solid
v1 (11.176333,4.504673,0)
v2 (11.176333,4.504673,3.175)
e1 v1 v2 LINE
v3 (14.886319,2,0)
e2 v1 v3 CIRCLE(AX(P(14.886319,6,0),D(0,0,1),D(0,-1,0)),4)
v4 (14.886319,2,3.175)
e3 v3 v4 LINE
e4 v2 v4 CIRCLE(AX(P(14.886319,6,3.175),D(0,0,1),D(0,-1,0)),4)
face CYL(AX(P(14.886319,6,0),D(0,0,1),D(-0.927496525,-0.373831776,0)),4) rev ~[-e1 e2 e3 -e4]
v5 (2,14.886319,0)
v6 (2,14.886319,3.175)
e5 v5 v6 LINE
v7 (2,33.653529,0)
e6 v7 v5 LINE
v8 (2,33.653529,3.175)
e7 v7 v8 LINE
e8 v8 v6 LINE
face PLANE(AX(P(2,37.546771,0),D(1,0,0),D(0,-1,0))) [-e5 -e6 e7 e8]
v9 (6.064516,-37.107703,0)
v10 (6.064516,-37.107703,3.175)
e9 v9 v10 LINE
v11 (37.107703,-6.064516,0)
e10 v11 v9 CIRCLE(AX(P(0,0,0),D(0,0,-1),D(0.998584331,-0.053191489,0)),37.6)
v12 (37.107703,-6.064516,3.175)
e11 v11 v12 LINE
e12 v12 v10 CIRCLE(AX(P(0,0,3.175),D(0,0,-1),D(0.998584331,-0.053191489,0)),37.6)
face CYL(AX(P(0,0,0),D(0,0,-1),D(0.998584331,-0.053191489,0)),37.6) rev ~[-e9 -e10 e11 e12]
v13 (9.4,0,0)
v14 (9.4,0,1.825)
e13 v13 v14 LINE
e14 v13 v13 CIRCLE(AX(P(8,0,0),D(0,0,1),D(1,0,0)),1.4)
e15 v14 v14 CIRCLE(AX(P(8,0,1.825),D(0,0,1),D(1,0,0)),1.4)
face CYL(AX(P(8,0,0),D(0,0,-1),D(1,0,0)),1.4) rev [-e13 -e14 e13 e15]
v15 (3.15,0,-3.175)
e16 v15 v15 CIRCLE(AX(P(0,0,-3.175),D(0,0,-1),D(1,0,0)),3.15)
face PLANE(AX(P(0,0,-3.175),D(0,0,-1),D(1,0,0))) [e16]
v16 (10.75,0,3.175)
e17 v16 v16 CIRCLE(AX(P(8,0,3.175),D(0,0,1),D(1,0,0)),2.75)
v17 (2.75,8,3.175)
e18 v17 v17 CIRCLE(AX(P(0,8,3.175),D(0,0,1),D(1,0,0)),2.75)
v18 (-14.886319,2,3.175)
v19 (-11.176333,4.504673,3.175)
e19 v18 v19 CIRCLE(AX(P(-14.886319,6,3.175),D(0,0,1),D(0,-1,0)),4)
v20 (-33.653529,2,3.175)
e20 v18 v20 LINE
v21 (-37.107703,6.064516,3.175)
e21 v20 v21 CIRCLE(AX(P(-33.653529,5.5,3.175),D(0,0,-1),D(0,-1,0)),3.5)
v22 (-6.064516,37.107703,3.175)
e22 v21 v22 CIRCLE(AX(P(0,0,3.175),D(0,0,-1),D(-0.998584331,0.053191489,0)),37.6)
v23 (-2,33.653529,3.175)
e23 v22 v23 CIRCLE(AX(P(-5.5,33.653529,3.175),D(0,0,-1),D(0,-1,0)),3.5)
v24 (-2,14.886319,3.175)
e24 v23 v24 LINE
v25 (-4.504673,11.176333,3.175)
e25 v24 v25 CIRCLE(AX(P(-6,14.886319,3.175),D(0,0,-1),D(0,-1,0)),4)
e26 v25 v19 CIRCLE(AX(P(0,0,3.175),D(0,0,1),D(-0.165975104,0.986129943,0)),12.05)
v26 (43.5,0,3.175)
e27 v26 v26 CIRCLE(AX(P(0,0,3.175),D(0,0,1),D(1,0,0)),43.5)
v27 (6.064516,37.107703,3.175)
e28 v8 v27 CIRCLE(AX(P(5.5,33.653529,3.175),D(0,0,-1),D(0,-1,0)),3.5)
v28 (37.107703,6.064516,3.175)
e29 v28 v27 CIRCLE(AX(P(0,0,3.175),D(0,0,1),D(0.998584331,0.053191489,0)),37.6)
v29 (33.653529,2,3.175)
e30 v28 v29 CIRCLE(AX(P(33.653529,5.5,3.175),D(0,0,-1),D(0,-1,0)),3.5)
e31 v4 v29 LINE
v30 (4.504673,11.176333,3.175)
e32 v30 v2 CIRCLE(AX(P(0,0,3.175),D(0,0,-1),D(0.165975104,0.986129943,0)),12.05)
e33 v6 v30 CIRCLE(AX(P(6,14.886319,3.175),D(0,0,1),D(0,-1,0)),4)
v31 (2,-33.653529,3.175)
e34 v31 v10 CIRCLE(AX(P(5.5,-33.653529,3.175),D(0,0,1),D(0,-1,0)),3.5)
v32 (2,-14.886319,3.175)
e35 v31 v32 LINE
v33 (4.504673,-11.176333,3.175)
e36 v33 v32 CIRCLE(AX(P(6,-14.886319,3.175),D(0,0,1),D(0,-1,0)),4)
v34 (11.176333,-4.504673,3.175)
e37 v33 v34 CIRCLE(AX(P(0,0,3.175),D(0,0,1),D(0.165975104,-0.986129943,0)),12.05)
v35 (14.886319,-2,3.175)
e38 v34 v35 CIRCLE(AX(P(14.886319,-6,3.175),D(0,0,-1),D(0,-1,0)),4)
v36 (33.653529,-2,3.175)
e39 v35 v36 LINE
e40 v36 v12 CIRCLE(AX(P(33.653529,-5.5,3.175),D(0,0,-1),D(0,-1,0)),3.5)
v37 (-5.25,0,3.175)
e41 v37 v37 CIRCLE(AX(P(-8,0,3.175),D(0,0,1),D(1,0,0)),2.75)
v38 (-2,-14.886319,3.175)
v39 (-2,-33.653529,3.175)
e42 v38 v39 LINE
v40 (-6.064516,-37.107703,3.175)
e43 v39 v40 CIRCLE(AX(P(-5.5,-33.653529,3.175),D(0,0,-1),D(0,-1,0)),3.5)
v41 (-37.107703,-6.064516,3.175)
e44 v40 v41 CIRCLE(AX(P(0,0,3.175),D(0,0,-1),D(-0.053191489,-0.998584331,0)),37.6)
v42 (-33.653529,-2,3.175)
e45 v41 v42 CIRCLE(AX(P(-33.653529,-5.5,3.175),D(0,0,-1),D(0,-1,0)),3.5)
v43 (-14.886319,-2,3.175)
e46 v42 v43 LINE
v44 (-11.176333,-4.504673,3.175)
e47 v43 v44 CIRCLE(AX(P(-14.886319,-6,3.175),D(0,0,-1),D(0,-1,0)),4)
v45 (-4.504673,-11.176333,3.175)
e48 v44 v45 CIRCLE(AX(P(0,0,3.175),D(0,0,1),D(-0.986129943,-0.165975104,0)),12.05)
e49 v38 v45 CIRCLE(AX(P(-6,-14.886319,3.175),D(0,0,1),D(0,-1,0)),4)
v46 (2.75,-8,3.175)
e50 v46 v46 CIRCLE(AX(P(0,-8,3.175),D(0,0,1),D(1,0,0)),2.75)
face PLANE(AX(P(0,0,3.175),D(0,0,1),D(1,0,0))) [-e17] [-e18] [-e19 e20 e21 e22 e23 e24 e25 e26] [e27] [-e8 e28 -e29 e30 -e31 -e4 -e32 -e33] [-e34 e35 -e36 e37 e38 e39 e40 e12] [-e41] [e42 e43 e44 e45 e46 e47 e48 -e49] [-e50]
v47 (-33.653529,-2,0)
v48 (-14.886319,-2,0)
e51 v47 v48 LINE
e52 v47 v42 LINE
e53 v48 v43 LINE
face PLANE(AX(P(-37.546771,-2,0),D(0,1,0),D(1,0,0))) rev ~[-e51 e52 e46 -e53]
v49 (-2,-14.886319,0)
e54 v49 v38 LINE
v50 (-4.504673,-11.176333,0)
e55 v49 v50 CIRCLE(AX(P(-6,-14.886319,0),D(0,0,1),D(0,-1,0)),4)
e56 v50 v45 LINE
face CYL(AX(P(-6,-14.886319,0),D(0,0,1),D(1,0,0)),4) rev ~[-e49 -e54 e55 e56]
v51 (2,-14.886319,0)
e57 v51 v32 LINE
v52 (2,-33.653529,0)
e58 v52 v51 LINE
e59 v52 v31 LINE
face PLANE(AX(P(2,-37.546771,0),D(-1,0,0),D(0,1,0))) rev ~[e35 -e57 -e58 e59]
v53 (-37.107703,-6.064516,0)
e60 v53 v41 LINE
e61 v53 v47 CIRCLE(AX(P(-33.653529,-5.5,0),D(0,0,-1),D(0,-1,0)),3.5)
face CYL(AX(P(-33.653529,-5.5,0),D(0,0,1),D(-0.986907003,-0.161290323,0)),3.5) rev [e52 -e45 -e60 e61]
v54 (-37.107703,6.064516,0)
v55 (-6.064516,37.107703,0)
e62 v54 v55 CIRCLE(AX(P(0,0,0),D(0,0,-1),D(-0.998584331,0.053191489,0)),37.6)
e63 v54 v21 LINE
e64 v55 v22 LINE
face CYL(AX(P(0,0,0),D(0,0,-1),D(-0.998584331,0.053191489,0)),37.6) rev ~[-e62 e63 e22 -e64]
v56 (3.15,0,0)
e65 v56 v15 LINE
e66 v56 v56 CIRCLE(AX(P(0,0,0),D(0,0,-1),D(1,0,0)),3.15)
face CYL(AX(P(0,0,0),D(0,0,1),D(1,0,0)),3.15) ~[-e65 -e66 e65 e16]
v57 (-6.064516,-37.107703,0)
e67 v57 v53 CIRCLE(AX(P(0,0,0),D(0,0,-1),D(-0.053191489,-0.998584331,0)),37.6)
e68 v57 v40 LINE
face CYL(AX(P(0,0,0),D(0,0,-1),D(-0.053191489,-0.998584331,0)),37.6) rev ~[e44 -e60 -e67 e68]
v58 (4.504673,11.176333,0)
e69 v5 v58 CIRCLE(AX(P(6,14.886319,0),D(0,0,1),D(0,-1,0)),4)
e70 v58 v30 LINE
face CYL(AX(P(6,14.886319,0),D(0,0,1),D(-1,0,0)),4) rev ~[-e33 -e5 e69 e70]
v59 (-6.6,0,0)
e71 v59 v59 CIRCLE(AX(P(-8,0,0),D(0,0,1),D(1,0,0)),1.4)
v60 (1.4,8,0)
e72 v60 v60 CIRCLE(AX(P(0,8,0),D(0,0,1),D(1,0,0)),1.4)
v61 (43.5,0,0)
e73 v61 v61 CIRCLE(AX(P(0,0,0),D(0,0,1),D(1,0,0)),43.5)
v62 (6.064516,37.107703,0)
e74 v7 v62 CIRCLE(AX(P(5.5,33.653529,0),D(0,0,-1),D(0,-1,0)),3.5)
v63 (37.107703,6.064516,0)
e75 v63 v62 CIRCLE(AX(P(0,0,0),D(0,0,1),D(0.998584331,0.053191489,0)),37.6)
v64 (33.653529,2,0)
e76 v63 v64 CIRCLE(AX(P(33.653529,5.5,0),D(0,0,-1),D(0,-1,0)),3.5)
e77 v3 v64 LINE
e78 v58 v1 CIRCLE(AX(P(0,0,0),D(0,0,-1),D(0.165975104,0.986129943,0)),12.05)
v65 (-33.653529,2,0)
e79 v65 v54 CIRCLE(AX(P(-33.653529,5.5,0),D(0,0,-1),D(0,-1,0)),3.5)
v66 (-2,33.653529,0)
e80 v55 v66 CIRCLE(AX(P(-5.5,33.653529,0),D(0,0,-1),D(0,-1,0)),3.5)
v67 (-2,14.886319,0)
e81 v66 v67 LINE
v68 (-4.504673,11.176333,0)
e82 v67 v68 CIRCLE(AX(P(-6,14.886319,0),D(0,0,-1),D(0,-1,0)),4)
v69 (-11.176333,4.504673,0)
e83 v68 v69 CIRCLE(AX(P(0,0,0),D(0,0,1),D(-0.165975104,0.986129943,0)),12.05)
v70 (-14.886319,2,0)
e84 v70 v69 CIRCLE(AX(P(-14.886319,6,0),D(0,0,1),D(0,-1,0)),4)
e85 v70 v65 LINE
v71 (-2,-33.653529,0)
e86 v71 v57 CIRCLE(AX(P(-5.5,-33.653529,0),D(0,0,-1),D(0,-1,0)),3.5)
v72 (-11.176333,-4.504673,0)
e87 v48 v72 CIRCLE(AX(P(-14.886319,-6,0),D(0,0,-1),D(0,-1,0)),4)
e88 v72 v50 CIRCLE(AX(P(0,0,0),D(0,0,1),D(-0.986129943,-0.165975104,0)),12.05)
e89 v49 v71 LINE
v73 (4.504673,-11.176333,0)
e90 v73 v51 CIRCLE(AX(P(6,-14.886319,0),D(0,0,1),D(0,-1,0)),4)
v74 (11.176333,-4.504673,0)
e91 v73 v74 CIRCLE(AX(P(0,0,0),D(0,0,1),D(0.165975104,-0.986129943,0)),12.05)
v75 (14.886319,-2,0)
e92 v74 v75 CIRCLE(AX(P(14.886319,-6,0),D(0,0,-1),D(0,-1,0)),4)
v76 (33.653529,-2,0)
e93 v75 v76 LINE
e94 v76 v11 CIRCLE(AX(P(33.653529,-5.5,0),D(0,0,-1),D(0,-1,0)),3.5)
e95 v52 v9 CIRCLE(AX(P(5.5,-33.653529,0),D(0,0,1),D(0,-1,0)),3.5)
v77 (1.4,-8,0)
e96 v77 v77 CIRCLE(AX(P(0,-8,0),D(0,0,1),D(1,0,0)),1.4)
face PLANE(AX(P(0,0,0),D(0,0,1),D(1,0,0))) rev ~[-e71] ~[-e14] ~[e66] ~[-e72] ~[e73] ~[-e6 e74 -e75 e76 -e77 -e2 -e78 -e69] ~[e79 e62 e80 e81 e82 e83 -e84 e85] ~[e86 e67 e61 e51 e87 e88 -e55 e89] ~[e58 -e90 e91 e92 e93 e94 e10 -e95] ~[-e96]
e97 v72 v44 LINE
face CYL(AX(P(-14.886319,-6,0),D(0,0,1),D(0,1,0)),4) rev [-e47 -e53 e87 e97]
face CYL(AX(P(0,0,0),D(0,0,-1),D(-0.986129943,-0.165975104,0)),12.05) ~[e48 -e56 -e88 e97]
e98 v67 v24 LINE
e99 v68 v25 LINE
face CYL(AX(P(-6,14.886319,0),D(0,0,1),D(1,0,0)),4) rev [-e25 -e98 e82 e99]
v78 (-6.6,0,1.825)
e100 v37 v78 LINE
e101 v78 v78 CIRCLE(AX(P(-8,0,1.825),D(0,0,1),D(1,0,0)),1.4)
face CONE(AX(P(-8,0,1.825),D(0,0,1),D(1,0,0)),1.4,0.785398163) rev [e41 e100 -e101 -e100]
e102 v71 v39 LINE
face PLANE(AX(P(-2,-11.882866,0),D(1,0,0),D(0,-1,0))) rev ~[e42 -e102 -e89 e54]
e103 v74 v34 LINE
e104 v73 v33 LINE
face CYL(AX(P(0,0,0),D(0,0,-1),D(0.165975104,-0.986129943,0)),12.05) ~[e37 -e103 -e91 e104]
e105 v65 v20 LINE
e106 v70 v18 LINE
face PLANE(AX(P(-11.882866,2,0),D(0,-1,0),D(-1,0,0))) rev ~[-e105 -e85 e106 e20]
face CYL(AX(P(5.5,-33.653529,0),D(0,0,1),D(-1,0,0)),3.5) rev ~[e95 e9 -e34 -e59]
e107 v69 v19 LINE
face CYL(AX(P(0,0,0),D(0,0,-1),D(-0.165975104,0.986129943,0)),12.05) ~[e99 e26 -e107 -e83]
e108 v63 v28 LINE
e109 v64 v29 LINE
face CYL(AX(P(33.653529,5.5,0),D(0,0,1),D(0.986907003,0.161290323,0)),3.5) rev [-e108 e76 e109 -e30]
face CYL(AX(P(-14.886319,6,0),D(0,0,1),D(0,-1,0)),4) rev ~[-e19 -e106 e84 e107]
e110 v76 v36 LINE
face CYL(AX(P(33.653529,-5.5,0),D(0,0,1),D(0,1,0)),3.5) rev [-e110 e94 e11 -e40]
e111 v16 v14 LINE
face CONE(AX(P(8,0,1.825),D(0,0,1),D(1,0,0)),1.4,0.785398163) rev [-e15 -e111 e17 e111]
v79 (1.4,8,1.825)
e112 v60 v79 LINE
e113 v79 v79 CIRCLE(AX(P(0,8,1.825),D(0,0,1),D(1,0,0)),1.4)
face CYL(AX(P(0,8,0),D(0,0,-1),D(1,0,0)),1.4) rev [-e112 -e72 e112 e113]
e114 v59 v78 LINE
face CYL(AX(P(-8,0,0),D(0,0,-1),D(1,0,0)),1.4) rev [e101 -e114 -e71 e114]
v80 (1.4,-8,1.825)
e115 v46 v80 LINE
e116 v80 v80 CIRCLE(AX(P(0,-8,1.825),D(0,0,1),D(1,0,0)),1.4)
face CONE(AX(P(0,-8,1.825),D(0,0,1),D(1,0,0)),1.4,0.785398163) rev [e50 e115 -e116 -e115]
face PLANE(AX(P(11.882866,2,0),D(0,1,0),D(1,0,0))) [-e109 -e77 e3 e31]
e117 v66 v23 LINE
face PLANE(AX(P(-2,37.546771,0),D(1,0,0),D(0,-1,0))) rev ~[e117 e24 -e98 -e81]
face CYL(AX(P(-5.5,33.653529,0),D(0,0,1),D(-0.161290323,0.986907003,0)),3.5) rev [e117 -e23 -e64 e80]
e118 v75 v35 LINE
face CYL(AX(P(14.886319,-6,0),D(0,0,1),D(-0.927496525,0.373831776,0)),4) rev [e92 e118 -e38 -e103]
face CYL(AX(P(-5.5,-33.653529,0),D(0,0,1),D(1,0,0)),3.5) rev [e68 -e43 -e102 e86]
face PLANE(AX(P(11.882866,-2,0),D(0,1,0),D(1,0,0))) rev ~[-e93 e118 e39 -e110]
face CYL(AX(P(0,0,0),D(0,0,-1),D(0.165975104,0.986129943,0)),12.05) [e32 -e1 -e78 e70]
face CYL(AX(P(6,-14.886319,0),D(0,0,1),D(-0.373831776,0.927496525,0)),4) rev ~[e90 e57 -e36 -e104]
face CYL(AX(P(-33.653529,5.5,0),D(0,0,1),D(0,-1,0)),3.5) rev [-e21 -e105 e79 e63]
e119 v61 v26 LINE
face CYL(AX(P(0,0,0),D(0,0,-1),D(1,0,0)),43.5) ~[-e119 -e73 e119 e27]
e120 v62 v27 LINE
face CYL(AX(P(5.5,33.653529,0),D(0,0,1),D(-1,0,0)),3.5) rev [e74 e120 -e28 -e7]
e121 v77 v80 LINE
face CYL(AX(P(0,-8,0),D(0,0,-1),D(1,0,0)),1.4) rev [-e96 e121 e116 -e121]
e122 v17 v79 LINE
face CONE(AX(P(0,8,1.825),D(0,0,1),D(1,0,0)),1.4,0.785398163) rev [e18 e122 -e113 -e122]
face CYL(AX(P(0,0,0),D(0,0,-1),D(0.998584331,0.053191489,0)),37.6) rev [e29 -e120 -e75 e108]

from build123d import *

# Parameters (mm, degrees)
SKETCH1_R           = 43.5
SKETCH1_R_2         = 1.4
BOSS_EXTRUDE1_DEPTH = 3.175
FILLET1_R           = 4
FILLET2_R           = 3.5
SKETCH3_R           = 3.15
BOSS_EXTRUDE2_DEPTH = 3.175
CHAMFER1_SIZE       = 1.35


with BuildPart() as part:
    # Sketch1 → Boss-Extrude1 (new body)
    with BuildSketch(Plane.XY):
        Circle(SKETCH1_R)
        with Locations((0, 8)):
            Circle(SKETCH1_R_2, mode=Mode.SUBTRACT)
        with Locations((0, -8)):
            Circle(SKETCH1_R_2, mode=Mode.SUBTRACT)
        with Locations((8, 0)):
            Circle(SKETCH1_R_2, mode=Mode.SUBTRACT)
        with Locations((-8, 0)):
            Circle(SKETCH1_R_2, mode=Mode.SUBTRACT)
        with BuildLine():
            Line((-37.546770833, -2), (-11.882865816, -2))
            ThreePointArc((-11.882865816, -2), (-8.520636713, -8.520636713), (-2, -11.882865816))
            Line((-2, -11.882865816), (-2, -37.546770833))
            ThreePointArc((-2, -37.546770833), (-26.587214973, -26.587214973), (-37.546770833, -2))
        make_face(mode=Mode.SUBTRACT)
        with BuildLine():
            Line((-2, 37.546770833), (-2, 11.882865816))
            ThreePointArc((-2, 11.882865816), (-8.520636713, 8.520636713), (-11.882865816, 2))
            Line((-11.882865816, 2), (-37.546770833, 2))
            ThreePointArc((-37.546770833, 2), (-26.587214973, 26.587214973), (-2, 37.546770833))
        make_face(mode=Mode.SUBTRACT)
        with BuildLine():
            Line((2, 37.546770833), (2, 11.882865816))
            ThreePointArc((2, 11.882865816), (8.520636713, 8.520636713), (11.882865816, 2))
            Line((11.882865816, 2), (37.546770833, 2))
            ThreePointArc((37.546770833, 2), (26.587214973, 26.587214973), (2, 37.546770833))
        make_face(mode=Mode.SUBTRACT)
        with BuildLine():
            Line((11.882865816, -2), (37.546770833, -2))
            ThreePointArc((37.546770833, -2), (26.587214973, -26.587214973), (2, -37.546770833))
            Line((2, -37.546770833), (2, -11.882865816))
            ThreePointArc((2, -11.882865816), (8.520636713, -8.520636713), (11.882865816, -2))
        make_face(mode=Mode.SUBTRACT)
    extrude(amount=BOSS_EXTRUDE1_DEPTH)

    # Fillet1
    fillet1_edges = [part.edges().sort_by_distance(p)[0] for p in [
        (-11.882865816, 2, 1.5875),
        (-2, 11.882865816, 1.5875),
        (-2, -11.882865816, 1.5875),
        (-11.882865816, -2, 1.5875),
        (11.882865816, -2, 1.5875),
        (2, -11.882865816, 1.5875),
        (2, 11.882865816, 1.5875),
        (11.882865816, 2, 1.5875),
    ]]
    fillet(fillet1_edges, radius=FILLET1_R)

    # Fillet2
    fillet2_edges = [part.edges().sort_by_distance(p)[0] for p in [
        (-2, 37.546770833, 1.5875),
        (-37.546770833, 2, 1.5875),
        (-37.546770833, -2, 1.5875),
        (-2, -37.546770833, 1.5875),
        (2, -37.546770833, 1.5875),
        (37.546770833, -2, 1.5875),
        (37.546770833, 2, 1.5875),
        (2, 37.546770833, 1.5875),
    ]]
    fillet(fillet2_edges, radius=FILLET2_R)

    # Sketch3 → Boss-Extrude2 (add)
    with BuildSketch(Plane(origin=(0, 0, 0), x_dir=(-1, 0, 0), z_dir=(0, 0, -1))):
        with Locations(Location((0, 0, 0), (0, 0, 180))):
            Circle(SKETCH3_R)
    extrude(amount=BOSS_EXTRUDE2_DEPTH)

    # Chamfer1
    chamfer1_edges = [part.edges().sort_by_distance(p)[0] for p in [
        (6.6, 0, 3.175),
        (-9.4, 0, 3.175),
        (-1.4, 8, 3.175),
        (-1.4, -8, 3.175),
    ]]
    chamfer(chamfer1_edges, length=CHAMFER1_SIZE)


solid = part.part
